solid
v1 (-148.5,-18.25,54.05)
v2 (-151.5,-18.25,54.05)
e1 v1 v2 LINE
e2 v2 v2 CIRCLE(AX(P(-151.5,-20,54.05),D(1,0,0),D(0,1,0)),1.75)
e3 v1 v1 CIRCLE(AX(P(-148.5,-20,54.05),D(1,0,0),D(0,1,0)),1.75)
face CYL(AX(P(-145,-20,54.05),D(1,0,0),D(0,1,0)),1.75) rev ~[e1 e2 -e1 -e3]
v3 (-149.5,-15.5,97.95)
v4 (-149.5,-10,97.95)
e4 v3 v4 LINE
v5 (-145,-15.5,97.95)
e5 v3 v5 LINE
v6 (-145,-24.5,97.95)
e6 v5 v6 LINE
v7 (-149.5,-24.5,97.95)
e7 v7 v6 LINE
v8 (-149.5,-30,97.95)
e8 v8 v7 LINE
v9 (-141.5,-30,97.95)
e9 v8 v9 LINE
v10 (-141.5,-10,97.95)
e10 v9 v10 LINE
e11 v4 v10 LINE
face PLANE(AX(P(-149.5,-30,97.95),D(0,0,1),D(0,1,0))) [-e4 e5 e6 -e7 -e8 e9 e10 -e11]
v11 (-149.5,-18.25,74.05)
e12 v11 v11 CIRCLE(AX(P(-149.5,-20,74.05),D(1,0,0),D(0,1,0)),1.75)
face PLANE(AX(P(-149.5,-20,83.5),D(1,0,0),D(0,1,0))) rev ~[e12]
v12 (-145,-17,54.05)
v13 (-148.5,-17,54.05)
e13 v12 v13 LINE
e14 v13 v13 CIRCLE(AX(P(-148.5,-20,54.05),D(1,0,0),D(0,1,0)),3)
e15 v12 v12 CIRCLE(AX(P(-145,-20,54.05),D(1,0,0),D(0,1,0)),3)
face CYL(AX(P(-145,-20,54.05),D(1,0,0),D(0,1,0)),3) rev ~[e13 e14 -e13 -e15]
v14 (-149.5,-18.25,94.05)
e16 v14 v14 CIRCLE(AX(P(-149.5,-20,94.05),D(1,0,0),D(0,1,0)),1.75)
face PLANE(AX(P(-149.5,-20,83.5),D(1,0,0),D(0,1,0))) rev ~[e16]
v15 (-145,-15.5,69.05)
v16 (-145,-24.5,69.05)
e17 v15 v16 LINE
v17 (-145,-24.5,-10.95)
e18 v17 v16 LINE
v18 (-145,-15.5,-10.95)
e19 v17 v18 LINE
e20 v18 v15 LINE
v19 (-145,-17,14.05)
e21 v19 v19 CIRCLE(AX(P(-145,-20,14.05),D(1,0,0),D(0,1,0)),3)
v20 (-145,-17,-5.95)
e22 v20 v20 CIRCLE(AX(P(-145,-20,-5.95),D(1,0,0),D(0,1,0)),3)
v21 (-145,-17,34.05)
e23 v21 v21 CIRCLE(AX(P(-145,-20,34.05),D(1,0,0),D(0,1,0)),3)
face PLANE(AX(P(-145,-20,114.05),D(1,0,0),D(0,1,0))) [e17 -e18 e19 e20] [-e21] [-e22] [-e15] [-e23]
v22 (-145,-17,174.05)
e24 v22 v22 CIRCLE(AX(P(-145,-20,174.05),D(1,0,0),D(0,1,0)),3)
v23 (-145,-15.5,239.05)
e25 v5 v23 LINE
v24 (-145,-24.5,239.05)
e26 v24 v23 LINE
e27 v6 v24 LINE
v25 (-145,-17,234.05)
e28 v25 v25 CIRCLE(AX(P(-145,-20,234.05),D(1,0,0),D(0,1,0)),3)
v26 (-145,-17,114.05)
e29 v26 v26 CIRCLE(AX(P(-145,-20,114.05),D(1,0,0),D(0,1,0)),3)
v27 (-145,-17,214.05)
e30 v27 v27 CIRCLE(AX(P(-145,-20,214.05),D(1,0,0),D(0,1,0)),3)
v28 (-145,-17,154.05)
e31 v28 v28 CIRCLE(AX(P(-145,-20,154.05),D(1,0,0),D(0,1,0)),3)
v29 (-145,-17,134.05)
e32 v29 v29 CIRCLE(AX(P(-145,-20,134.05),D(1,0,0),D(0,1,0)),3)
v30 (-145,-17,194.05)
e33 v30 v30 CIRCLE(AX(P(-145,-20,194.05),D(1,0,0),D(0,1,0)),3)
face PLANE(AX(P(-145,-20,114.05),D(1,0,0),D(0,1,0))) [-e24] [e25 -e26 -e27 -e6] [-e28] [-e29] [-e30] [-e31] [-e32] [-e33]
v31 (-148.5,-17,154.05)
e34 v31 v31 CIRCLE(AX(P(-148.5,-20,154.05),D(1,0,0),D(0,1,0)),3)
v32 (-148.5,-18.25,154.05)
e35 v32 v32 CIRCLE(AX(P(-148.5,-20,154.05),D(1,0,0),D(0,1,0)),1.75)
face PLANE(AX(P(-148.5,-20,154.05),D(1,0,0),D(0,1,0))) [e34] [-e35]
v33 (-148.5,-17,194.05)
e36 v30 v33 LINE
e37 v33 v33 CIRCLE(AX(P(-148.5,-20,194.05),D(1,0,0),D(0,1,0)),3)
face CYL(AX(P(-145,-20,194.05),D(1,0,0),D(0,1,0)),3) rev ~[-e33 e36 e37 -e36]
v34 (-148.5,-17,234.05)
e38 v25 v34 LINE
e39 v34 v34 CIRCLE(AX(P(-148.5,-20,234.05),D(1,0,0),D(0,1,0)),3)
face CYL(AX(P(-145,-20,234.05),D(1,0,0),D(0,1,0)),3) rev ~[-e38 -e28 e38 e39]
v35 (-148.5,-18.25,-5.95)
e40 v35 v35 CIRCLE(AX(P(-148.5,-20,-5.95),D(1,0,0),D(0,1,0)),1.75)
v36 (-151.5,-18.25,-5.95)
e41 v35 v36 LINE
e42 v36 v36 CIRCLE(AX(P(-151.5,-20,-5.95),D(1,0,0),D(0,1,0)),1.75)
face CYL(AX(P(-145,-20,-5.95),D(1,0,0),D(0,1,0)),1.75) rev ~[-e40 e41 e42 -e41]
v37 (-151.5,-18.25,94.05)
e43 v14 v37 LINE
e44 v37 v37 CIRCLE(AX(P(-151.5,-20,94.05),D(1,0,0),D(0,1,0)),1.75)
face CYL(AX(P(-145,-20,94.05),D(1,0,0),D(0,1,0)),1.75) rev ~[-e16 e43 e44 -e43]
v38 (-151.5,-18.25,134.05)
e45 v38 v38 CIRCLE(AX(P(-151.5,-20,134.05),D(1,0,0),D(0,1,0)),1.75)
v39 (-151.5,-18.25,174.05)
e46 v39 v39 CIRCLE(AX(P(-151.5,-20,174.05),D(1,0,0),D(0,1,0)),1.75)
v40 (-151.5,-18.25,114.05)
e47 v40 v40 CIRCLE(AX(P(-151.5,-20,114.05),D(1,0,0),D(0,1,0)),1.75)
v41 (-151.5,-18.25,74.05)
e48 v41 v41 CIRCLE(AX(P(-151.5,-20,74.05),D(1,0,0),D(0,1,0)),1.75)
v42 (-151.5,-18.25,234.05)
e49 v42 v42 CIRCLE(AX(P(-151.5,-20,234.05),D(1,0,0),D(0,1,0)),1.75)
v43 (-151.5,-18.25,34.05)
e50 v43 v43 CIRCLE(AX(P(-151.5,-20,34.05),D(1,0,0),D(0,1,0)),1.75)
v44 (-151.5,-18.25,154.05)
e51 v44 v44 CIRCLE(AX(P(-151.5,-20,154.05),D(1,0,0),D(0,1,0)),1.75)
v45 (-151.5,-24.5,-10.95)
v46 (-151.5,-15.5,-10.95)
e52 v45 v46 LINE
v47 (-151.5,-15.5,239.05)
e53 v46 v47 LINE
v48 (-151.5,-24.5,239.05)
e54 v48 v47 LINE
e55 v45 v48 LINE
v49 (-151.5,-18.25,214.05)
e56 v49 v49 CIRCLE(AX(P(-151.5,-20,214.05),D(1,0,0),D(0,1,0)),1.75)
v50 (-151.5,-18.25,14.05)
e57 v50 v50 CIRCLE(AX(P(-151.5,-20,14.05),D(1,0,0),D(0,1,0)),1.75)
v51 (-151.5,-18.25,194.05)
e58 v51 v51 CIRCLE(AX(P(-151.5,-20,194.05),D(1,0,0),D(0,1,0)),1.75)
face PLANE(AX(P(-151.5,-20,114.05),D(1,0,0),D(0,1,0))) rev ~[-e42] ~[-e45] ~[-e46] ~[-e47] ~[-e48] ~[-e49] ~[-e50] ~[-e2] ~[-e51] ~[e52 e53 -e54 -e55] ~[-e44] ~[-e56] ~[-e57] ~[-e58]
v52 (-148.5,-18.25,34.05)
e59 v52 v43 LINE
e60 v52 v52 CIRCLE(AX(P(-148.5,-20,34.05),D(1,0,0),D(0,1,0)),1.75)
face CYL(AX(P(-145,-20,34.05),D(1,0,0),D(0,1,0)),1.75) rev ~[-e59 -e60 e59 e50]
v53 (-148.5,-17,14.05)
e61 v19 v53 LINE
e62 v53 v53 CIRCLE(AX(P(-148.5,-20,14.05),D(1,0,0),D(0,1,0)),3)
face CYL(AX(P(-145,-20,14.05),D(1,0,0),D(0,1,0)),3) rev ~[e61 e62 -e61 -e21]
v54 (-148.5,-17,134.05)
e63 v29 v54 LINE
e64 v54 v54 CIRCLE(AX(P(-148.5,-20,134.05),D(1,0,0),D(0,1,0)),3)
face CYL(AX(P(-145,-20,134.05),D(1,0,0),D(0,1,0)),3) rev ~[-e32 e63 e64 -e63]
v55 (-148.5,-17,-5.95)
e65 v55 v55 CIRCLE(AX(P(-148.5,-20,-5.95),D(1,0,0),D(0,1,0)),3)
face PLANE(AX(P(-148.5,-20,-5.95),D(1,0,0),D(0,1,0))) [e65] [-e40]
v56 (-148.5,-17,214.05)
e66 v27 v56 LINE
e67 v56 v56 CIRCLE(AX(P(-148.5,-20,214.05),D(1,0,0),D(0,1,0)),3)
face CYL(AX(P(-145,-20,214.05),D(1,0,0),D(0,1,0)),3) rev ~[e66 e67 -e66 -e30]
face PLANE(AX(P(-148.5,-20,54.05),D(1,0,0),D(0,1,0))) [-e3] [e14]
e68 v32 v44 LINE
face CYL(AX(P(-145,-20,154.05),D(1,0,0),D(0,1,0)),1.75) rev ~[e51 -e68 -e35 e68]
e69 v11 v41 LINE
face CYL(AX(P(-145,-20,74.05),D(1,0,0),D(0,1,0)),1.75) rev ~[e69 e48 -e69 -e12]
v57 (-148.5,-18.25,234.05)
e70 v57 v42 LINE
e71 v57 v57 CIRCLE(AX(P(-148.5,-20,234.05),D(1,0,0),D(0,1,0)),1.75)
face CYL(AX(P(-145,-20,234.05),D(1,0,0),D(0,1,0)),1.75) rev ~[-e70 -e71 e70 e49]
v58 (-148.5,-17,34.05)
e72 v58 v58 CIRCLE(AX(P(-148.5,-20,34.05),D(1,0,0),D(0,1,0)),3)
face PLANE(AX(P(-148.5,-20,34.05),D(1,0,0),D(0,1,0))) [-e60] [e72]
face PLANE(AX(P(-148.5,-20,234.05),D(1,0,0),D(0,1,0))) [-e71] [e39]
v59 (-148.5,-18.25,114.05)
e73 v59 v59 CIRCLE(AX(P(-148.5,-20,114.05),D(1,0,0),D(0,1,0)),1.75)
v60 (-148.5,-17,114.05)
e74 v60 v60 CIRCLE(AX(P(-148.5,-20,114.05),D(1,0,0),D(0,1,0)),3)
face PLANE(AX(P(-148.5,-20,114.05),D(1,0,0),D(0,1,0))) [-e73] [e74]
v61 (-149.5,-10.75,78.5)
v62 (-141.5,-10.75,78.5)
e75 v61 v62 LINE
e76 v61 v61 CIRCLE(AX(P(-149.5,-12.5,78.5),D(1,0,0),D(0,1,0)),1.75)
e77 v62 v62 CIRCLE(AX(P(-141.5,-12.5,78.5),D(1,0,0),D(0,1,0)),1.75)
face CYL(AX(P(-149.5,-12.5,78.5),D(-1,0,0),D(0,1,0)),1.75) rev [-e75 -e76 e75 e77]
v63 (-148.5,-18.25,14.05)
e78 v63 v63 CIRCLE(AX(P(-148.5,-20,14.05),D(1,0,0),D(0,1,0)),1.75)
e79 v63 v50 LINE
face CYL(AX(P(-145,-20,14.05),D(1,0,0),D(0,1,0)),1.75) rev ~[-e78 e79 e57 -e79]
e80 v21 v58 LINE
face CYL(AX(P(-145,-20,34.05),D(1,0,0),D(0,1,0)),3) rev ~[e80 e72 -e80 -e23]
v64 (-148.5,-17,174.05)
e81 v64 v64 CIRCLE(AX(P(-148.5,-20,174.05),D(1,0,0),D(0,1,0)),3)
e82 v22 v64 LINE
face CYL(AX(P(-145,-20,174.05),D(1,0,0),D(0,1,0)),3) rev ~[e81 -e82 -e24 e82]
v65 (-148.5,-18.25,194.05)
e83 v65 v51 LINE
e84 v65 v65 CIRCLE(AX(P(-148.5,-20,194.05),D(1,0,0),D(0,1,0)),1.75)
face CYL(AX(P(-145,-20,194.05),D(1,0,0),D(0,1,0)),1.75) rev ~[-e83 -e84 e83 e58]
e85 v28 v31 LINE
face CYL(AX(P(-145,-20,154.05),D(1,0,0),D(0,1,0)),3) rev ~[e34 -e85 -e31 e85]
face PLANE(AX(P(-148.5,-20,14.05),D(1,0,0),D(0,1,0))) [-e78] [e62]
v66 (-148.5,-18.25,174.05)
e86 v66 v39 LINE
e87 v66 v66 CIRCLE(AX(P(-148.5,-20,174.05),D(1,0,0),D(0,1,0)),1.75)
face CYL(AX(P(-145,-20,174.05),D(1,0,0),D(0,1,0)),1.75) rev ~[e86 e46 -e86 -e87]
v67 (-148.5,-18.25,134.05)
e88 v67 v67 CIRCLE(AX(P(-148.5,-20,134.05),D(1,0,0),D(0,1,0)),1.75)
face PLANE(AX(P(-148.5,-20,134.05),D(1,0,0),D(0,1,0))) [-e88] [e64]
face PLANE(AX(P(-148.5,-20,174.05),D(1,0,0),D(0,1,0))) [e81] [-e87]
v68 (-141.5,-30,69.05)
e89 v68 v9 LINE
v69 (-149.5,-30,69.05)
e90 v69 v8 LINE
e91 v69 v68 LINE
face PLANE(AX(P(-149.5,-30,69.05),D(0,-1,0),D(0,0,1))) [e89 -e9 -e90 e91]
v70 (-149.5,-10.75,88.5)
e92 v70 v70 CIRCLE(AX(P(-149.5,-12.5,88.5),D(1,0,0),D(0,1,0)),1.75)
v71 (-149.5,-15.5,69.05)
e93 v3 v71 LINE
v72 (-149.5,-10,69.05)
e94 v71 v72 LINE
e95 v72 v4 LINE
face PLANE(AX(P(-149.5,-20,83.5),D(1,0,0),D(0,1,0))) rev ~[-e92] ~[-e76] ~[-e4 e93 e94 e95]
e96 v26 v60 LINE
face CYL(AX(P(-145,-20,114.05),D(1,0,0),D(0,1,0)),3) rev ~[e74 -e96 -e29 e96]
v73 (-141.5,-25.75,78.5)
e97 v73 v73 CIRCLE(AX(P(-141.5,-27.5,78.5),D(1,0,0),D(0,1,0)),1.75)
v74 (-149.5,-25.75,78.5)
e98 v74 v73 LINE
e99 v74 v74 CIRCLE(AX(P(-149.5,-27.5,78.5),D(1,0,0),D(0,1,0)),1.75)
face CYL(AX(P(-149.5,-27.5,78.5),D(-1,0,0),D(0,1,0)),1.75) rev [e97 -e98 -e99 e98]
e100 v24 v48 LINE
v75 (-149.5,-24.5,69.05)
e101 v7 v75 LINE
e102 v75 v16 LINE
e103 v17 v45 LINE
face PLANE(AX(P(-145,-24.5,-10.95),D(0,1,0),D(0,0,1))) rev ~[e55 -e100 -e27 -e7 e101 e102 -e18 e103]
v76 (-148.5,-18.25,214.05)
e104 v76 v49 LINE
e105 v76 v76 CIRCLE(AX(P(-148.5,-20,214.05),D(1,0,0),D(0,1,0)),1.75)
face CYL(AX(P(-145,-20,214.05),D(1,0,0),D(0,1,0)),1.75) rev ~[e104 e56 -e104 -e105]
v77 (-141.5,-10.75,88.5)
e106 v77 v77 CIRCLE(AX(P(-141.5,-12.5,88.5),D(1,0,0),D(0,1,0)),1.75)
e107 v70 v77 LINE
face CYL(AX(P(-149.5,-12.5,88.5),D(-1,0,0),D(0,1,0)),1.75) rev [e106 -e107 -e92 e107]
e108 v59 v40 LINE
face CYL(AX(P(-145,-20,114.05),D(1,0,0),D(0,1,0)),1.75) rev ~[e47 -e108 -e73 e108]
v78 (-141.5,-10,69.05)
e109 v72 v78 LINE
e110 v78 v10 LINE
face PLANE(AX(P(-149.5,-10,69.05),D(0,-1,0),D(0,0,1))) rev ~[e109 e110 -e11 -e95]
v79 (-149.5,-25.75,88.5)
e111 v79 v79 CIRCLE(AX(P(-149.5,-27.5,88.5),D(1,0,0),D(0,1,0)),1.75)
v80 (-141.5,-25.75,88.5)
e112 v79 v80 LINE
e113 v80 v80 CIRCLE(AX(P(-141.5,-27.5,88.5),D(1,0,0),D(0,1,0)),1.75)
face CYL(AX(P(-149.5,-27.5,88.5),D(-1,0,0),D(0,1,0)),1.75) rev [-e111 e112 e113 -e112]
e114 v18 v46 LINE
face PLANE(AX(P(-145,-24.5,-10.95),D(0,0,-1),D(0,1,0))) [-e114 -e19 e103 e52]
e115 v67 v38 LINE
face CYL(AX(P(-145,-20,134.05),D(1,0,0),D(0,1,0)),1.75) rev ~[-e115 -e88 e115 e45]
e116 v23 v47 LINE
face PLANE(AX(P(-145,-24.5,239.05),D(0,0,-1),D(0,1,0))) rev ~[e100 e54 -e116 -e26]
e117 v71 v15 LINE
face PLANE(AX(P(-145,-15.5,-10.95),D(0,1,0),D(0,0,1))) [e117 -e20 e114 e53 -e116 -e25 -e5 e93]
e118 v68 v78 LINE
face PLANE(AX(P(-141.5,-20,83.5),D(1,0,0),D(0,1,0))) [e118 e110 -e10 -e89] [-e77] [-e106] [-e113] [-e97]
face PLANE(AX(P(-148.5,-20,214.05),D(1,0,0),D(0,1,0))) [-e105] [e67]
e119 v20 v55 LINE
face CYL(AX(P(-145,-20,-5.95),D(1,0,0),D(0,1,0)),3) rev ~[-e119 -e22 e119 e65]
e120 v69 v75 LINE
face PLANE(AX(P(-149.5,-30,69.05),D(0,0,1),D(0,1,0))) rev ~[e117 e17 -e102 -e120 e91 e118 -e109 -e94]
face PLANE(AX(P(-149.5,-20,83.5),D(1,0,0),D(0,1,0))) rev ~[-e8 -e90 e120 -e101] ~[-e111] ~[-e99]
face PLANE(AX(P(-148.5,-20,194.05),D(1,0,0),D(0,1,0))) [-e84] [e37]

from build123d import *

# Parameters (mm, degrees)
SKETCH042_W             = 9
SKETCH042_H             = 250
PAD021_DEPTH            = 6.5
SKETCH039_R             = 1.75
POCKET017_DEPTH         = 6.5
LINEARPATTERN008_COUNT  = 13
LINEARPATTERN008_PITCH  = 20
SKETCH041_R             = 3
POCKET018_DEPTH         = 3.5
LINEARPATTERN009_COUNT  = 13
LINEARPATTERN009_PITCH  = 20
SKETCH040_W             = 20
SKETCH040_H             = 28.9
SKETCH040_R             = 1.75
PAD022_DEPTH            = 8
BODY009_ROLL_ANGLE      = 90
BODY009_PLACEMENT_ANGLE = 90


with BuildPart() as part:
    # Sketch042 → Pad021 (new body)
    with BuildSketch(Plane.XY):
        with Locations((0, 125)):
            Rectangle(SKETCH042_W, SKETCH042_H)
    extrude(amount=-PAD021_DEPTH)

    # Sketch039 → Pocket017 (cut)
    with BuildSketch(Plane.XY):
        with Locations((0, 5)):
            Circle(SKETCH039_R)
    pocket017 = extrude(amount=-POCKET017_DEPTH, mode=Mode.SUBTRACT)

    # LinearPattern008: Pocket017 ×13
    with Locations(*[(0, i * LINEARPATTERN008_PITCH, 0) for i in range(1, LINEARPATTERN008_COUNT)]):
        add(pocket017, mode=Mode.SUBTRACT)

    # Sketch041 → Pocket018 (cut)
    with BuildSketch(Plane.XY):
        with Locations((0, 5)):
            Circle(SKETCH041_R)
    pocket018 = extrude(amount=-POCKET018_DEPTH, mode=Mode.SUBTRACT)

    # LinearPattern009: Pocket018 ×13
    with Locations(*[(0, i * LINEARPATTERN009_PITCH, 0) for i in range(1, LINEARPATTERN009_COUNT)]):
        add(pocket018, mode=Mode.SUBTRACT)

    # Sketch040 → Pad022 (join)
    with BuildSketch(Plane.XY.offset(-4.5)):
        with Locations((0, 94.45)):
            Rectangle(SKETCH040_W, SKETCH040_H)
        with Locations((-7.5, 99.45)):
            Circle(SKETCH040_R, mode=Mode.SUBTRACT)
        with Locations((7.5, 99.45)):
            Circle(SKETCH040_R, mode=Mode.SUBTRACT)
        with Locations((7.5, 89.45)):
            Circle(SKETCH040_R, mode=Mode.SUBTRACT)
        with Locations((-7.5, 89.45)):
            Circle(SKETCH040_R, mode=Mode.SUBTRACT)
    extrude(amount=PAD022_DEPTH)


with BuildPart() as part_1:
    # Body009 roll: moved
    add(part.part.rotate(Axis((0, 0, 0), (1, 0, 0)), BODY009_ROLL_ANGLE))


with BuildPart() as part_2:
    # Body009 placement: moved
    add(part_1.part.moved(Location((-145, -20, -10.95))).rotate(Axis((-145, -20, -10.95), (0, 0, 1)), BODY009_PLACEMENT_ANGLE))


solid = part_2.part
